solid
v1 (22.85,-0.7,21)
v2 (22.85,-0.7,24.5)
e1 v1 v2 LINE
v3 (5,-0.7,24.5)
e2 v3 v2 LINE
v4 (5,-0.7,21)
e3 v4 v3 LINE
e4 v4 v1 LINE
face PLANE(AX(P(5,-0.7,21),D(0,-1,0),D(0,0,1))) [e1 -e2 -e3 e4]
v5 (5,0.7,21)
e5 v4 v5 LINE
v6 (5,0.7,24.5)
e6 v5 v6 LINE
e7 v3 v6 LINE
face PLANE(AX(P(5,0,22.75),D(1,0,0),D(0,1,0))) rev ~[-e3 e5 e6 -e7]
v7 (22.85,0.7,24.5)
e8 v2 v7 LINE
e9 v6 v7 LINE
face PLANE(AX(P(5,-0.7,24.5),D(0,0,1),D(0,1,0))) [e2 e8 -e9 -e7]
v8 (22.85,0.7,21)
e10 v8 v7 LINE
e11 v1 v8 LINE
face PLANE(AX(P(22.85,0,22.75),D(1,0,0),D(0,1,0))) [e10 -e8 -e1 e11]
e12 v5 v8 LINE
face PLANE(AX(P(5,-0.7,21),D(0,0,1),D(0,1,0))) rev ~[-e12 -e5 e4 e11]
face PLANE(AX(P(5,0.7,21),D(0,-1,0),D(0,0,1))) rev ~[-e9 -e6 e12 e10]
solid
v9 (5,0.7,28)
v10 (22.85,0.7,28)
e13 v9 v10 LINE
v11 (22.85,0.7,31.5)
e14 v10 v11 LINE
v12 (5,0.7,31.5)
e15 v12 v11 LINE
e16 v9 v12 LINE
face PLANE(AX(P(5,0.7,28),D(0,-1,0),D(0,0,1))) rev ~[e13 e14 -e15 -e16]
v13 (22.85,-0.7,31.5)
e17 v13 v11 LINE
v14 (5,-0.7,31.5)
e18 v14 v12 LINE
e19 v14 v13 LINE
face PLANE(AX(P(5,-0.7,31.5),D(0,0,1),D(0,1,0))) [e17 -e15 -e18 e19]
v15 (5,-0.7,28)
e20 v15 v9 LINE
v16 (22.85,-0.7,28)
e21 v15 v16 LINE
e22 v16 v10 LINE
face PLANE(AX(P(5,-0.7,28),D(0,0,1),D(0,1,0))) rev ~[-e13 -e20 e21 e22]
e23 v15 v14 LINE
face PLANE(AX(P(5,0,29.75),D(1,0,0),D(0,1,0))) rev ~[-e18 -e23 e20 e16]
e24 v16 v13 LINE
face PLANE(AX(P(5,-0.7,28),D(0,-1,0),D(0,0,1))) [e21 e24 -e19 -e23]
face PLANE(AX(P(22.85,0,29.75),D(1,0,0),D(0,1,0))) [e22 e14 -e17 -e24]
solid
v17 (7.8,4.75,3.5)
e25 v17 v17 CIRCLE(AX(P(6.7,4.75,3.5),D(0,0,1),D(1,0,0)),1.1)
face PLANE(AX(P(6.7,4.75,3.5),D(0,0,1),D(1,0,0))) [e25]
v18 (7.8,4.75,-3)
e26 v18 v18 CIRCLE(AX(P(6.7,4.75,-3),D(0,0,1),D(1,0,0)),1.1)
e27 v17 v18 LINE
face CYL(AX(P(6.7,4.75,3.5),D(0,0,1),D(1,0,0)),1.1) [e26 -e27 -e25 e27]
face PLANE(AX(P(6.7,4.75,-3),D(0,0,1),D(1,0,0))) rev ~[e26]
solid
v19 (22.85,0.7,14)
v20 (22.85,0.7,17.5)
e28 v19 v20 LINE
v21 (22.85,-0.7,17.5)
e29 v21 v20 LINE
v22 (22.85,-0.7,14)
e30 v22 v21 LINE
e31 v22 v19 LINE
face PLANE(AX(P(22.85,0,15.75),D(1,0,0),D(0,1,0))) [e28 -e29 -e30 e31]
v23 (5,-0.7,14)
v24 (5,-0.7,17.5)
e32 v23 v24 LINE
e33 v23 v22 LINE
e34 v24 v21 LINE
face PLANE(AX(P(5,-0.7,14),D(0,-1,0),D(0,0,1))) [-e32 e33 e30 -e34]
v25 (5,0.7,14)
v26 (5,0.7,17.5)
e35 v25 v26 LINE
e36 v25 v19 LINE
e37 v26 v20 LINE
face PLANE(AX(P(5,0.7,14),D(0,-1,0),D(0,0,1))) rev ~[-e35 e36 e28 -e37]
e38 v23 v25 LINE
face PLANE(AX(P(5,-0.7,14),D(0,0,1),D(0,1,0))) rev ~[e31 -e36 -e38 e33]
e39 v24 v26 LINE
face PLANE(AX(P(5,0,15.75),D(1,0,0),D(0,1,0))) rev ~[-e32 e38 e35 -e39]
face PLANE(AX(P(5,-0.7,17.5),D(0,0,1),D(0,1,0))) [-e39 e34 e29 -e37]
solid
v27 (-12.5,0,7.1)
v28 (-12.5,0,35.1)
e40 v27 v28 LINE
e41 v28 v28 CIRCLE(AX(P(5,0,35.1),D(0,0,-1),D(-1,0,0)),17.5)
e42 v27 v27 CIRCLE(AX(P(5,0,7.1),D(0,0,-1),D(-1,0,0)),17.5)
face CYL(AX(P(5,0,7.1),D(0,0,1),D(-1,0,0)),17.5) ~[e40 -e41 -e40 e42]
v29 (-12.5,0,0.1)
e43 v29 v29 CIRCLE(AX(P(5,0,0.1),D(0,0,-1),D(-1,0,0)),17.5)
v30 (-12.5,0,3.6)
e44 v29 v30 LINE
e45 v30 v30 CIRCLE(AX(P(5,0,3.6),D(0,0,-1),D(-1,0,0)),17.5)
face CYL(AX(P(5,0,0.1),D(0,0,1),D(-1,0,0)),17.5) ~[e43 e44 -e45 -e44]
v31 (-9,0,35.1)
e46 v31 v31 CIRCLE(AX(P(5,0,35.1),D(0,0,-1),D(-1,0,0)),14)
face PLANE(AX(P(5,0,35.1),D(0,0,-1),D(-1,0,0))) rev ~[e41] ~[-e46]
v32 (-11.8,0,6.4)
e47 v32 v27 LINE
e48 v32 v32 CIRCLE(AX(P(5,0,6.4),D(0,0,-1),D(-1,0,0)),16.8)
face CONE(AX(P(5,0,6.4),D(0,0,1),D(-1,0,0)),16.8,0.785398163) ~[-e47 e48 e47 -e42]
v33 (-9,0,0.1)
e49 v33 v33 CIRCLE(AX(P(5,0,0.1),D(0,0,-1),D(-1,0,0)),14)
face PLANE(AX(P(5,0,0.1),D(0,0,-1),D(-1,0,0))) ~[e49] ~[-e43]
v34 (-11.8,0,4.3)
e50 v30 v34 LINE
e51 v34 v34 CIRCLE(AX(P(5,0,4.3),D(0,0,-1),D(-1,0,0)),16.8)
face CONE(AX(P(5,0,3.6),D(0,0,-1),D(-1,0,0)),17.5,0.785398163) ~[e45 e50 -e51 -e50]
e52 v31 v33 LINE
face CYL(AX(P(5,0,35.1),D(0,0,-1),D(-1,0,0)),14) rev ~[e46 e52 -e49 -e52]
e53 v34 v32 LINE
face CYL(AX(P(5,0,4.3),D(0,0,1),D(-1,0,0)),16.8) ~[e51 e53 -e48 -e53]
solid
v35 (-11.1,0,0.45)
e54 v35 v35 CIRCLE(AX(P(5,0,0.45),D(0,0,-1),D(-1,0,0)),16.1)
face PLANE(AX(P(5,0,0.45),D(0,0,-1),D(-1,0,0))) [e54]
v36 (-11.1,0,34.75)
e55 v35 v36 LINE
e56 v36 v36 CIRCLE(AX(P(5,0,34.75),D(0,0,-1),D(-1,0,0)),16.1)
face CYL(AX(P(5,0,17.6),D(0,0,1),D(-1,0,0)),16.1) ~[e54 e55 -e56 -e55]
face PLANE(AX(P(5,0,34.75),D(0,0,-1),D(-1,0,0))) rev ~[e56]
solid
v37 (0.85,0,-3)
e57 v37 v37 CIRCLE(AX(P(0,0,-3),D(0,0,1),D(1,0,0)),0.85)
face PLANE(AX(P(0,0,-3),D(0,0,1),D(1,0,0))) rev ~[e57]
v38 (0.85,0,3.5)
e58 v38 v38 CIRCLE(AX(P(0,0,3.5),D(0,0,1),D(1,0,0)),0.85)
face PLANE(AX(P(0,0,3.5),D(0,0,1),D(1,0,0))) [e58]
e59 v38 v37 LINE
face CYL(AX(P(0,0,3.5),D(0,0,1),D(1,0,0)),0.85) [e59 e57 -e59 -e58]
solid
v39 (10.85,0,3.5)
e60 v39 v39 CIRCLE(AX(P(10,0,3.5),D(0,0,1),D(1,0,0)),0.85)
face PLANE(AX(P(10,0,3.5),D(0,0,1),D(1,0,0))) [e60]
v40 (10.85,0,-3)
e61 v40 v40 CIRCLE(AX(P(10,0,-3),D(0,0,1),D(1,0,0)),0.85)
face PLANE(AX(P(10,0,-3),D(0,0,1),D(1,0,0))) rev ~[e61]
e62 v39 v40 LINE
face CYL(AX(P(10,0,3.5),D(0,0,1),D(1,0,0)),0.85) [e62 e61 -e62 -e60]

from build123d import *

# Parameters (mm, degrees)
SKETCH002_W   = 16.1
SKETCH002_H   = 34.3
SKETCH003_R   = 0.85
SKETCH003_R_2 = 1.1
PAD_DEPTH     = 6.5
SKETCH004_W   = 1.4
SKETCH004_H   = 3.5
PAD001_DEPTH  = 17.85


with BuildPart() as revolution:
    # Sketch → Revolution (revolve)
    with BuildSketch(Plane.XZ):
        Polygon((-12.5, 0.1), (-12.5, 3.6), (-11.8, 4.3), (-11.8, 6.4), (-12.5, 7.1), (-12.5, 35.1), (-9, 35.1), (-9, 0.1), align=None)
    revolve(axis=Axis((5, 0, 7.548619), (0, 0, -1)))


with BuildPart() as revolution001:
    # Sketch002 → Revolution001 (revolve)
    with BuildSketch(Plane.XZ):
        with Locations((-3.05, 17.6)):
            Rectangle(SKETCH002_W, SKETCH002_H)
    revolve(axis=Axis((5, 0, 4.680116), (0, 0, -1)))


with BuildPart() as pad:
    # Sketch003 → Pad (new body)
    with BuildSketch(Plane.XY.offset(3.5)):
        Circle(SKETCH003_R)
        with Locations((10, 0)):
            Circle(SKETCH003_R)
        with Locations((6.7, 4.75)):
            Circle(SKETCH003_R_2)
    extrude(amount=-PAD_DEPTH)


with BuildPart() as pad001:
    # Sketch004 → Pad001 (new body)
    with BuildSketch(Plane.YZ.offset(5)):
        with Locations((0, 15.75)):
            Rectangle(SKETCH004_W, SKETCH004_H)
        with Locations((0, 22.75)):
            Rectangle(SKETCH004_W, SKETCH004_H)
        with Locations((0, 29.75)):
            Rectangle(SKETCH004_W, SKETCH004_H)
    extrude(amount=PAD001_DEPTH)


solid = Compound([revolution.part, revolution001.part, pad.part, pad001.part])
